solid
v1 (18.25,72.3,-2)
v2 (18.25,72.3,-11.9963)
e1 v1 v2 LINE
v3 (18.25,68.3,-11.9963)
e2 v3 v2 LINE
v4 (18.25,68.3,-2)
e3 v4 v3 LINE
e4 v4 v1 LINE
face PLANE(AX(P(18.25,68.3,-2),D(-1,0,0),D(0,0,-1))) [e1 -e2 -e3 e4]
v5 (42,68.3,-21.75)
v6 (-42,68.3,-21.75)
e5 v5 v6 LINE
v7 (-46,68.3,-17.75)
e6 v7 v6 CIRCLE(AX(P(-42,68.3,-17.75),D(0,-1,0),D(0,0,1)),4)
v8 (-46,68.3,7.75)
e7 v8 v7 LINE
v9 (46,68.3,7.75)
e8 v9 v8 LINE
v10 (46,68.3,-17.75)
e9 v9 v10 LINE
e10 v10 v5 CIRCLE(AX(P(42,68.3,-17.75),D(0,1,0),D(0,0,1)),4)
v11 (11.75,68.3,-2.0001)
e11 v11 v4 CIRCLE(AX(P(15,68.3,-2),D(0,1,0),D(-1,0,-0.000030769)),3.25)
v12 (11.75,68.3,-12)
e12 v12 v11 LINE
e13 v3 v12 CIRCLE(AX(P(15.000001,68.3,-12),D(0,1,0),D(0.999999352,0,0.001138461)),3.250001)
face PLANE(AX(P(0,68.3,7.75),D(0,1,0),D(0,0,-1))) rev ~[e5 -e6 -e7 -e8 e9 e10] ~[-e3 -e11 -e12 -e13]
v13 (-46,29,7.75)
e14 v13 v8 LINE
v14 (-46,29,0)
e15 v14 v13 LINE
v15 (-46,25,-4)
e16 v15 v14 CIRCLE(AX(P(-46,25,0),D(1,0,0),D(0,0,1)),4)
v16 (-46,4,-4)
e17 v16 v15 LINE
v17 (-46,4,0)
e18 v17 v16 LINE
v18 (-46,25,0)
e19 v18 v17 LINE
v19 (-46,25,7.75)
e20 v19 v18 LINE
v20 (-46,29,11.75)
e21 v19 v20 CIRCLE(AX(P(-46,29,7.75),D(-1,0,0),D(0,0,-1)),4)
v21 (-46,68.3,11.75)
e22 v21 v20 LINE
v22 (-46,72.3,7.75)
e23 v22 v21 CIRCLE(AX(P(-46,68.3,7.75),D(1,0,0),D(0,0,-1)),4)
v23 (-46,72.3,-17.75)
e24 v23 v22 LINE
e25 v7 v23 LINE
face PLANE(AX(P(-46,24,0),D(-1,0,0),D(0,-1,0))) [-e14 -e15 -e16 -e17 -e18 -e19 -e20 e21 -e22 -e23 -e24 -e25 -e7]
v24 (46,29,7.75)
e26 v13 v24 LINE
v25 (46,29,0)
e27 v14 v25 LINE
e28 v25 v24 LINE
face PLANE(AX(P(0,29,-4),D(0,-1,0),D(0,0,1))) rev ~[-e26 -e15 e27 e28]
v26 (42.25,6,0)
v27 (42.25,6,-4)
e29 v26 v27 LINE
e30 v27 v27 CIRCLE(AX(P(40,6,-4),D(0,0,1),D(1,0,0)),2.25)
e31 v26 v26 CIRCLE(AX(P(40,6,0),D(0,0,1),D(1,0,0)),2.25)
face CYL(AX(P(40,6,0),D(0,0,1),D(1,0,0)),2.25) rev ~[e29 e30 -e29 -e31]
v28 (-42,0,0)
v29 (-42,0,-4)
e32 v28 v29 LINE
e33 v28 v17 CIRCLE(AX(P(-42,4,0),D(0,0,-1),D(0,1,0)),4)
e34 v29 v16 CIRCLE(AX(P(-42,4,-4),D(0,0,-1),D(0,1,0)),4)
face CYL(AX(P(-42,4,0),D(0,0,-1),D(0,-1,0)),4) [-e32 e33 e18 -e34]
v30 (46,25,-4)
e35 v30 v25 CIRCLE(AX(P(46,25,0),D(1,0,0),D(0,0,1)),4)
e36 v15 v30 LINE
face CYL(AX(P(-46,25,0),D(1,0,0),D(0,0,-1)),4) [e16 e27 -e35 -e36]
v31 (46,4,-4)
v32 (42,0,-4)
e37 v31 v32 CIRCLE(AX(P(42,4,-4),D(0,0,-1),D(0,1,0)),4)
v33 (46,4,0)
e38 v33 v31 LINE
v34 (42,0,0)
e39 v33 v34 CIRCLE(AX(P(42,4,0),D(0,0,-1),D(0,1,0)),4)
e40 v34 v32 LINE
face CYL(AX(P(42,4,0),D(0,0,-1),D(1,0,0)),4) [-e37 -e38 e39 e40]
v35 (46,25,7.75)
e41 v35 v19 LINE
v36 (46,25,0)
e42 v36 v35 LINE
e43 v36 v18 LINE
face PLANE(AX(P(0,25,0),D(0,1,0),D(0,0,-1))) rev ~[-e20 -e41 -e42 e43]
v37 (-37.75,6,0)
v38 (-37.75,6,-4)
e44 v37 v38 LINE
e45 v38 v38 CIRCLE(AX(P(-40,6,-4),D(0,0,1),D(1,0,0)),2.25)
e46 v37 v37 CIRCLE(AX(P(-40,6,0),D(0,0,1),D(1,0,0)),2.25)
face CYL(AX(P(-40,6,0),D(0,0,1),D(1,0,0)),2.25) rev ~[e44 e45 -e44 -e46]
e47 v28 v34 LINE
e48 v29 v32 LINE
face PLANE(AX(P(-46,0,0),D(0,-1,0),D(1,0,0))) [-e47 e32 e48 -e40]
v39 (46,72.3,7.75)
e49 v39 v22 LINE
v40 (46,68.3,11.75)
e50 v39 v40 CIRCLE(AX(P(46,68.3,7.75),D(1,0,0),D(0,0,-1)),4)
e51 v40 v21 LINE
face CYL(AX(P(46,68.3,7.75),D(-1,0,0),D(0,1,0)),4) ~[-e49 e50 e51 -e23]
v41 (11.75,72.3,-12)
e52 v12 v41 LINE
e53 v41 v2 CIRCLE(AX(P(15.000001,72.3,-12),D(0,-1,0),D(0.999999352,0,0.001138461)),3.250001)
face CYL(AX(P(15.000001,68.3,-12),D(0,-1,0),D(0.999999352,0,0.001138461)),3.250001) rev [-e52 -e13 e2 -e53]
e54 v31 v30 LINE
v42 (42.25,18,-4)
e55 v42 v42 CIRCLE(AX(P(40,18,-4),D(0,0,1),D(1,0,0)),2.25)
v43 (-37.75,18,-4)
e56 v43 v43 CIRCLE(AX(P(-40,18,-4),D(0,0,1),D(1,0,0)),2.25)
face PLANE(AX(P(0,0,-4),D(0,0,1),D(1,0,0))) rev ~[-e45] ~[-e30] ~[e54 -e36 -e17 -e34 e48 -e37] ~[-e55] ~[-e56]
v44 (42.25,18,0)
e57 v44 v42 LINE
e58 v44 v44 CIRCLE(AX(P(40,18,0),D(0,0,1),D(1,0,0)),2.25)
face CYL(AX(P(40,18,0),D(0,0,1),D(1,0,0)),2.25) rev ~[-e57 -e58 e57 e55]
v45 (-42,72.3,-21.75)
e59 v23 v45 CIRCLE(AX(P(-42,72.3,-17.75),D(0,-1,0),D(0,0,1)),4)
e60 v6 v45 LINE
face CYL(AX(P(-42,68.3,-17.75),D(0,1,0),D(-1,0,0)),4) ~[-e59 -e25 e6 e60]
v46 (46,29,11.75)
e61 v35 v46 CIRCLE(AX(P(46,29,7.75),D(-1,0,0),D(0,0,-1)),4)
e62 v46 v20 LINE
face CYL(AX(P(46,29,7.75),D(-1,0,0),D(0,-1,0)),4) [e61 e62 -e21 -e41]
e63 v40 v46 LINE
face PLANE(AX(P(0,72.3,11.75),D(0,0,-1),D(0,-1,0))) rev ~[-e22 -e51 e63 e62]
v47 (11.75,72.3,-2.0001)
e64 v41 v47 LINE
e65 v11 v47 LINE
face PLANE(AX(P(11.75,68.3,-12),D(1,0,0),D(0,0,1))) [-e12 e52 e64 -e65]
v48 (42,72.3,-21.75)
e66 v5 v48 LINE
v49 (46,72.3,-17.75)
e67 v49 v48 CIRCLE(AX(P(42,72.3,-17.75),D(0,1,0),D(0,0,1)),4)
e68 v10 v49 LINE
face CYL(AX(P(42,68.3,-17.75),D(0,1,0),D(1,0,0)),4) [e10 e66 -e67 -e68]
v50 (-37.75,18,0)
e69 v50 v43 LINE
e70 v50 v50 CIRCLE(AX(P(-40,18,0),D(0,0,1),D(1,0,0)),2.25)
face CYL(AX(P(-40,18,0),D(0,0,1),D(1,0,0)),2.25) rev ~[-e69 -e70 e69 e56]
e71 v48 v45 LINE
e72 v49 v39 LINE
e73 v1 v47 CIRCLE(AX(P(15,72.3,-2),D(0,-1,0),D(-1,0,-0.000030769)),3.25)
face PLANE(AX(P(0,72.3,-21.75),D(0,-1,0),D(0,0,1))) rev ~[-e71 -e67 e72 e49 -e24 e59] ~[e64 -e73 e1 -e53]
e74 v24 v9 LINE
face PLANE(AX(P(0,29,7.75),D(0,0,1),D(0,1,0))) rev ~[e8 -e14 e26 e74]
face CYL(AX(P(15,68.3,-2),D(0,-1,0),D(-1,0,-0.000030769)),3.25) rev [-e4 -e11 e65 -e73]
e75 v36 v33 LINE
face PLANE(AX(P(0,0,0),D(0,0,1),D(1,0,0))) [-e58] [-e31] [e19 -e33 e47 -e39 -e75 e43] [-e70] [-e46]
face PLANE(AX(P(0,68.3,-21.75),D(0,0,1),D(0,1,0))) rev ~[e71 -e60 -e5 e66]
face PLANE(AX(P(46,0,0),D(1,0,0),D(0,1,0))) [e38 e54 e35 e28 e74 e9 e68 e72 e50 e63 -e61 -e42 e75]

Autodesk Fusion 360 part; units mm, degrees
sketch "Sketch5" plane through (0, 0, 0) normal (0, 0, 1) x (1, 0, 0)
  line L0 (-40, 6) -> (40, 6) construction
  line L1 (40, 6) -> (40, 18) construction
  line L2 (40, 18) -> (-40, 18) construction
  line L3 (-40, 18) -> (-40, 6) construction
  circle A0 centre (-40, 18) radius 2.25
  circle A1 centre (-40, 6) radius 2.25
  circle A2 centre (40, 18) radius 2.25
  circle A3 centre (40, 6) radius 2.25
  line L4 (46, 24) -> (-46, 24)
  line L5 (-46, 24) -> (-46, 0)
  line L6 (-46, 0) -> (46, 0)
  line L7 (46, 0) -> (46, 24)
  line L8 (46, 24) -> (46, 25)
  line L9 (46, 25) -> (-46, 25)
  line L10 (-46, 25) -> (-46, 24)
  dimension "d20" = 80
  dimension "d21" = 12
  dimension "d22" = 4.5
  dimension "d42" = 6
  dimension "d56" = 92
  dimension "d70" = 1
  dimension "d71" = 25
extrude "Extrude6" add sketch "Sketch5" against normal blind 4
sketch "Sketch9" plane through (0, 0, 0) normal (1, 0, 0) x (0, 1, 0)
  line L0 (25, -4) -> (29, -4)
  line L1 (29, -4) -> (29, 7.75)
  line L2 (29, 7.75) -> (68.3, 7.75)
  line L3 (68.3, 7.75) -> (68.3, -21.75)
  line L4 (68.3, -21.75) -> (72.3, -21.75)
  line L5 (72.3, -21.75) -> (72.3, 11.75)
  line L6 (72.3, 11.75) -> (25, 11.75)
  line L7 (25, 11.75) -> (25, 0)
  line L8 (25, 0) -> (29, 0) construction
  line L9 (48.65, 7.75) -> (48.65, 11.75) construction
  line L10 (25, 0) -> (25, -4)
  line L11 (25, -4) -> (25, 0)
  line L12 (0, 0) -> (25, 0)
  line L13 (25, 0) -> (25, -4)
  line L14 (25, -4) -> (0, -4)
  line L15 (0, -4) -> (0, 0)
  point P0 (68.3, -7)
  dimension "d52" = 7
  dimension "d53" = 14.75
  dimension "d55" = 14.75
  dimension "d72" = 72.3
extrude "Extrude7" add sketch "Sketch9" along normal mid plane 92 contours L0 L1 L2 L3 L4 L5 L6 L7 L10 L11 L13
fillet "Fillet3" radius 4 7 edges at (46, 70.3, -21.75) (-46, 70.3, -21.75) (0, 72.3, 11.75) (0, 25, 11.75) (0, 29, -4) (-46, 0, -2) (46, 0, -2)
sketch "Sketch10" plane through (0, 0, 0) normal (0, 1, 0) x (1, 0, 0)
  line L0 (15, 2) -> (15, 12) construction
  arc A0 (18.25, 11.9963) -> (11.75, 12) centre (15, 12) ccw
  arc A1 (11.75, 2.0001) -> (18.25, 2) centre (15, 2) ccw
  line L1 (11.75, 12) -> (11.75, 2.0001)
  line L2 (18.25, 2) -> (18.25, 11.9963)
  line L3 (15, 7) -> (0, 7) construction
  point P0 (0, 7)
  dimension "d63" = 10
  dimension "d64" = 3.25
  dimension "d68" = 15
extrude "Extrude8" cut sketch "Sketch10" along normal through all from surface at 68.3
equation "Thickness = 4 mm"
equation "d47 = -Thickness"
equation "d52 = ( MountHoleSpacing - 148 mm ) / 2"
equation "d53 = ( ( MountHoleTolerance + MountHoleSize ) / 2 ) + MountHoleSize"
equation "d55 = d53"
equation "d57 = d56"
equation "d60 = Thickness"
equation "MountHoleSpacing = 162 mm"
equation "MountHoleTolerance = 10 mm"
equation "d63 = MountHoleTolerance"
equation "d64 = ( 6.5 / 2 ) * 1 mm"
equation "MountHoleSize = 6.5 mm"
equation "SurfaceOffset = 30 mm"
equation "d72 = 42.3 mm + SurfaceOffset"
